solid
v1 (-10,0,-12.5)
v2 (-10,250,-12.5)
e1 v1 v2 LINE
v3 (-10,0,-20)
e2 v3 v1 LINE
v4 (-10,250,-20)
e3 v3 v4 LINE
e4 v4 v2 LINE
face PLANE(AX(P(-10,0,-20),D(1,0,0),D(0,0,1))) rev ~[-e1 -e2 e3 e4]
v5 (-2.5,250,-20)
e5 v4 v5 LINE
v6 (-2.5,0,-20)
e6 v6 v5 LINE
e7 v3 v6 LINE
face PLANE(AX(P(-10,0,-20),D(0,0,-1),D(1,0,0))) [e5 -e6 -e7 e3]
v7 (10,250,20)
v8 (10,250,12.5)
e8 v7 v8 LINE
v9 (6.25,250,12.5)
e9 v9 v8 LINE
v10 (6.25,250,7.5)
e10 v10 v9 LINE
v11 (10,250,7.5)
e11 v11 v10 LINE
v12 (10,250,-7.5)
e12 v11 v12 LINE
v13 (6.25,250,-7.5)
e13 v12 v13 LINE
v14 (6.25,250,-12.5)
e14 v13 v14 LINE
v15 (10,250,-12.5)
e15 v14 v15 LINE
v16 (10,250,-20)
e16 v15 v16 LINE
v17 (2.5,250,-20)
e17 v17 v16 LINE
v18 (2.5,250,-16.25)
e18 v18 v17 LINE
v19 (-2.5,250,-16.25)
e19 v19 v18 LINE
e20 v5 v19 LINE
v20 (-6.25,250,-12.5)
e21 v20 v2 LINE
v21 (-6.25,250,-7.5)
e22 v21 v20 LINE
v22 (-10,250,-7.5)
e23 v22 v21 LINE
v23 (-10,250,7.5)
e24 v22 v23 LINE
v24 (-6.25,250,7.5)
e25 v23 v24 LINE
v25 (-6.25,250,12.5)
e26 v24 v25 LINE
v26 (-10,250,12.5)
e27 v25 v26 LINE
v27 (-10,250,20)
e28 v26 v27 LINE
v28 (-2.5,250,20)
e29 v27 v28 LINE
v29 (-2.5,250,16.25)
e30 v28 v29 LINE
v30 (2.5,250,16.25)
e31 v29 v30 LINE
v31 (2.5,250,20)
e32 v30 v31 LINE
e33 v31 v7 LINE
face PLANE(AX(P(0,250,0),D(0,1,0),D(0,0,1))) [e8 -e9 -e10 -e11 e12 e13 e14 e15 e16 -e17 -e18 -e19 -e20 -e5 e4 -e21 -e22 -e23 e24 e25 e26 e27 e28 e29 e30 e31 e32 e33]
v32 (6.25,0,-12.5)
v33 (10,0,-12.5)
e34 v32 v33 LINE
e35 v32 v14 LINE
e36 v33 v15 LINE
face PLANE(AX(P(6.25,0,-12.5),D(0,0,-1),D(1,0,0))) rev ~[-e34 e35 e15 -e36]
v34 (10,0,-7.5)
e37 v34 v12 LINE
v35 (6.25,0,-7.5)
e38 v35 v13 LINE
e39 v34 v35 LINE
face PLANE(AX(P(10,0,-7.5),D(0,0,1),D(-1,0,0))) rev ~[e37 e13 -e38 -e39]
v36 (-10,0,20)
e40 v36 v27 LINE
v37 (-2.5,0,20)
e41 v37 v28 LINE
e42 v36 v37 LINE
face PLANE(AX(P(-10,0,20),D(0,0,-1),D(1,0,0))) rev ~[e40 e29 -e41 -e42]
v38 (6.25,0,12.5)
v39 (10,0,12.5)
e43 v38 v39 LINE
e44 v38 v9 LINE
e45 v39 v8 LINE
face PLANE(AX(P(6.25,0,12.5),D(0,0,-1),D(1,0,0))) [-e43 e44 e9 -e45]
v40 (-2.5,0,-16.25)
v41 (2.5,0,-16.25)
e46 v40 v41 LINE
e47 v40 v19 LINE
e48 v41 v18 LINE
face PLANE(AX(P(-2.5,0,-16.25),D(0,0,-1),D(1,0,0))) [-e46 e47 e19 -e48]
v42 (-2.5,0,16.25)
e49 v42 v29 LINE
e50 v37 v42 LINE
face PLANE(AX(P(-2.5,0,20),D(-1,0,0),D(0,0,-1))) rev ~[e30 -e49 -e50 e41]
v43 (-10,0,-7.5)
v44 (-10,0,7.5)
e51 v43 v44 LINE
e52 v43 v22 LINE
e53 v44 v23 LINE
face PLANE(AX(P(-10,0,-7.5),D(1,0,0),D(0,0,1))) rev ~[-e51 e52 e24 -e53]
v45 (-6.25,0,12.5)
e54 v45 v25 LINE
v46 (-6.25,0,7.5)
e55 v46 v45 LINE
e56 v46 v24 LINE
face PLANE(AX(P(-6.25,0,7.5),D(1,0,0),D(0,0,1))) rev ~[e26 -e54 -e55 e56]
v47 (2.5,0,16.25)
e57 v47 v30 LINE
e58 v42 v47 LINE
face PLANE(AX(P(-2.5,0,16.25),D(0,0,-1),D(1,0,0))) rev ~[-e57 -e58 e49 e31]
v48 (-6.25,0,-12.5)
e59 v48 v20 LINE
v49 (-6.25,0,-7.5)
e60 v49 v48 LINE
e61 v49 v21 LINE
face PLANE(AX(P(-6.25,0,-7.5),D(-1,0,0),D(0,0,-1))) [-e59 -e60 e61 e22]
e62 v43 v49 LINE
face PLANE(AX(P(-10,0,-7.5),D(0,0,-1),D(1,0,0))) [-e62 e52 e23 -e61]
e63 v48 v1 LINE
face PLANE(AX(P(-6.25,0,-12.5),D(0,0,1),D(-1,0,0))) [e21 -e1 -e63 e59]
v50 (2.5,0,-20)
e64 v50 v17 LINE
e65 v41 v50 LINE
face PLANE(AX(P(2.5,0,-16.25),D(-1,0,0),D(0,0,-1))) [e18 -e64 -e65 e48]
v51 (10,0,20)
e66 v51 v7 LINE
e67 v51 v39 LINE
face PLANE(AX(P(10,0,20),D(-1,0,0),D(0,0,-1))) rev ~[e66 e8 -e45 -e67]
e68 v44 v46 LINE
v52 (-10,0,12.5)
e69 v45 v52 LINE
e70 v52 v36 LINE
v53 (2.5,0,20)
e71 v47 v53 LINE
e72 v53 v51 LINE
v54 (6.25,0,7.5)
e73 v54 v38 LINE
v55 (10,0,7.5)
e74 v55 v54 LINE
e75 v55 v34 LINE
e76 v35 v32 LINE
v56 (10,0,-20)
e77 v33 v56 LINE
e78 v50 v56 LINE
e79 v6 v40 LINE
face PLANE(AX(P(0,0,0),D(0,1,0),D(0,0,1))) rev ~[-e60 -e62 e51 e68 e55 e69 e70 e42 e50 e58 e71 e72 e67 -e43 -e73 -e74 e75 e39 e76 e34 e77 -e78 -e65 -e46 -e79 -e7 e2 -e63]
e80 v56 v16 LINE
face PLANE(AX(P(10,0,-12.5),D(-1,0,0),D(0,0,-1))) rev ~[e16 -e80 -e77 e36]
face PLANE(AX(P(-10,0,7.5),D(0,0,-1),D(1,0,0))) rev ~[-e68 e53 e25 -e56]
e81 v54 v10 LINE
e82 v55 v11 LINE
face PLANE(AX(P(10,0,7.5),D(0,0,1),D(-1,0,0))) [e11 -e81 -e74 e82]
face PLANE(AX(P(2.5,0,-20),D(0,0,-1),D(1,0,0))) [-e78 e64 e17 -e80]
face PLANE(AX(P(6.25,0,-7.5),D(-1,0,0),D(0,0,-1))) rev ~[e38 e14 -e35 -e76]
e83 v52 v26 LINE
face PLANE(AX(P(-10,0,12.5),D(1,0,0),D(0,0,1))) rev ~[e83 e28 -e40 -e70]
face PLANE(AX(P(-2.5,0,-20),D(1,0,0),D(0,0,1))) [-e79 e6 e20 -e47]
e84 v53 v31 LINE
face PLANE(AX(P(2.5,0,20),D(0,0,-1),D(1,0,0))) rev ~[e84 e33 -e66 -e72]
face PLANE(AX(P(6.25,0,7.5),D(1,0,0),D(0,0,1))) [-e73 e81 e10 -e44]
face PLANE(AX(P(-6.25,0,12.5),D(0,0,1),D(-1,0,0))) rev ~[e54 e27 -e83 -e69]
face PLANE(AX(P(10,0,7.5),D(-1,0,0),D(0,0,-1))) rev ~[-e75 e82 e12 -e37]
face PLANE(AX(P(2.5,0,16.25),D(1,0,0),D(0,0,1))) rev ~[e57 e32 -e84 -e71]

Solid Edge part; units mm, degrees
sketch "Sketch1" plane through (0, 0, 0) normal (0, -1, 0) x (1, 0, 0)
  line L0 (-6.25, 7.5) -> (-6.25, 12.5)
  line L1 (-6.25, 12.5) -> (-10, 12.5)
  line L2 (-10, 12.5) -> (-10, 20)
  line L3 (-10, 20) -> (-2.5, 20)
  line L4 (-2.5, 20) -> (-2.5, 16.25)
  line L5 (-2.5, 16.25) -> (2.5, 16.25)
  line L6 (2.5, 16.25) -> (2.5, 20)
  line L7 (2.5, 20) -> (10, 20)
  line L8 (10, 20) -> (10, 12.5)
  line L9 (6.25, 12.5) -> (10, 12.5)
  line L10 (6.25, 7.5) -> (6.25, 12.5)
  line L11 (10, 7.5) -> (6.25, 7.5)
  line L12 (10, 7.5) -> (10, -7.5)
  line L13 (10, -7.5) -> (6.25, -7.5)
  line L14 (6.25, -7.5) -> (6.25, -12.5)
  line L15 (6.25, -12.5) -> (10, -12.5)
  line L16 (10, -12.5) -> (10, -20)
  line L17 (2.5, -20) -> (10, -20)
  line L18 (2.5, -16.25) -> (2.5, -20)
  line L19 (-2.5, -16.25) -> (2.5, -16.25)
  line L20 (-2.5, -20) -> (-2.5, -16.25)
  line L21 (-10, -20) -> (-2.5, -20)
  line L22 (-10, -20) -> (-10, -12.5)
  line L23 (-6.25, -12.5) -> (-10, -12.5)
  line L24 (-6.25, -7.5) -> (-6.25, -12.5)
  line L25 (-10, -7.5) -> (-6.25, -7.5)
  line L26 (-10, -7.5) -> (-10, 7.5)
  line L27 (-10, 7.5) -> (-6.25, 7.5)
extrude "Protrusion1" add sketch "Sketch1" against normal blind 250
